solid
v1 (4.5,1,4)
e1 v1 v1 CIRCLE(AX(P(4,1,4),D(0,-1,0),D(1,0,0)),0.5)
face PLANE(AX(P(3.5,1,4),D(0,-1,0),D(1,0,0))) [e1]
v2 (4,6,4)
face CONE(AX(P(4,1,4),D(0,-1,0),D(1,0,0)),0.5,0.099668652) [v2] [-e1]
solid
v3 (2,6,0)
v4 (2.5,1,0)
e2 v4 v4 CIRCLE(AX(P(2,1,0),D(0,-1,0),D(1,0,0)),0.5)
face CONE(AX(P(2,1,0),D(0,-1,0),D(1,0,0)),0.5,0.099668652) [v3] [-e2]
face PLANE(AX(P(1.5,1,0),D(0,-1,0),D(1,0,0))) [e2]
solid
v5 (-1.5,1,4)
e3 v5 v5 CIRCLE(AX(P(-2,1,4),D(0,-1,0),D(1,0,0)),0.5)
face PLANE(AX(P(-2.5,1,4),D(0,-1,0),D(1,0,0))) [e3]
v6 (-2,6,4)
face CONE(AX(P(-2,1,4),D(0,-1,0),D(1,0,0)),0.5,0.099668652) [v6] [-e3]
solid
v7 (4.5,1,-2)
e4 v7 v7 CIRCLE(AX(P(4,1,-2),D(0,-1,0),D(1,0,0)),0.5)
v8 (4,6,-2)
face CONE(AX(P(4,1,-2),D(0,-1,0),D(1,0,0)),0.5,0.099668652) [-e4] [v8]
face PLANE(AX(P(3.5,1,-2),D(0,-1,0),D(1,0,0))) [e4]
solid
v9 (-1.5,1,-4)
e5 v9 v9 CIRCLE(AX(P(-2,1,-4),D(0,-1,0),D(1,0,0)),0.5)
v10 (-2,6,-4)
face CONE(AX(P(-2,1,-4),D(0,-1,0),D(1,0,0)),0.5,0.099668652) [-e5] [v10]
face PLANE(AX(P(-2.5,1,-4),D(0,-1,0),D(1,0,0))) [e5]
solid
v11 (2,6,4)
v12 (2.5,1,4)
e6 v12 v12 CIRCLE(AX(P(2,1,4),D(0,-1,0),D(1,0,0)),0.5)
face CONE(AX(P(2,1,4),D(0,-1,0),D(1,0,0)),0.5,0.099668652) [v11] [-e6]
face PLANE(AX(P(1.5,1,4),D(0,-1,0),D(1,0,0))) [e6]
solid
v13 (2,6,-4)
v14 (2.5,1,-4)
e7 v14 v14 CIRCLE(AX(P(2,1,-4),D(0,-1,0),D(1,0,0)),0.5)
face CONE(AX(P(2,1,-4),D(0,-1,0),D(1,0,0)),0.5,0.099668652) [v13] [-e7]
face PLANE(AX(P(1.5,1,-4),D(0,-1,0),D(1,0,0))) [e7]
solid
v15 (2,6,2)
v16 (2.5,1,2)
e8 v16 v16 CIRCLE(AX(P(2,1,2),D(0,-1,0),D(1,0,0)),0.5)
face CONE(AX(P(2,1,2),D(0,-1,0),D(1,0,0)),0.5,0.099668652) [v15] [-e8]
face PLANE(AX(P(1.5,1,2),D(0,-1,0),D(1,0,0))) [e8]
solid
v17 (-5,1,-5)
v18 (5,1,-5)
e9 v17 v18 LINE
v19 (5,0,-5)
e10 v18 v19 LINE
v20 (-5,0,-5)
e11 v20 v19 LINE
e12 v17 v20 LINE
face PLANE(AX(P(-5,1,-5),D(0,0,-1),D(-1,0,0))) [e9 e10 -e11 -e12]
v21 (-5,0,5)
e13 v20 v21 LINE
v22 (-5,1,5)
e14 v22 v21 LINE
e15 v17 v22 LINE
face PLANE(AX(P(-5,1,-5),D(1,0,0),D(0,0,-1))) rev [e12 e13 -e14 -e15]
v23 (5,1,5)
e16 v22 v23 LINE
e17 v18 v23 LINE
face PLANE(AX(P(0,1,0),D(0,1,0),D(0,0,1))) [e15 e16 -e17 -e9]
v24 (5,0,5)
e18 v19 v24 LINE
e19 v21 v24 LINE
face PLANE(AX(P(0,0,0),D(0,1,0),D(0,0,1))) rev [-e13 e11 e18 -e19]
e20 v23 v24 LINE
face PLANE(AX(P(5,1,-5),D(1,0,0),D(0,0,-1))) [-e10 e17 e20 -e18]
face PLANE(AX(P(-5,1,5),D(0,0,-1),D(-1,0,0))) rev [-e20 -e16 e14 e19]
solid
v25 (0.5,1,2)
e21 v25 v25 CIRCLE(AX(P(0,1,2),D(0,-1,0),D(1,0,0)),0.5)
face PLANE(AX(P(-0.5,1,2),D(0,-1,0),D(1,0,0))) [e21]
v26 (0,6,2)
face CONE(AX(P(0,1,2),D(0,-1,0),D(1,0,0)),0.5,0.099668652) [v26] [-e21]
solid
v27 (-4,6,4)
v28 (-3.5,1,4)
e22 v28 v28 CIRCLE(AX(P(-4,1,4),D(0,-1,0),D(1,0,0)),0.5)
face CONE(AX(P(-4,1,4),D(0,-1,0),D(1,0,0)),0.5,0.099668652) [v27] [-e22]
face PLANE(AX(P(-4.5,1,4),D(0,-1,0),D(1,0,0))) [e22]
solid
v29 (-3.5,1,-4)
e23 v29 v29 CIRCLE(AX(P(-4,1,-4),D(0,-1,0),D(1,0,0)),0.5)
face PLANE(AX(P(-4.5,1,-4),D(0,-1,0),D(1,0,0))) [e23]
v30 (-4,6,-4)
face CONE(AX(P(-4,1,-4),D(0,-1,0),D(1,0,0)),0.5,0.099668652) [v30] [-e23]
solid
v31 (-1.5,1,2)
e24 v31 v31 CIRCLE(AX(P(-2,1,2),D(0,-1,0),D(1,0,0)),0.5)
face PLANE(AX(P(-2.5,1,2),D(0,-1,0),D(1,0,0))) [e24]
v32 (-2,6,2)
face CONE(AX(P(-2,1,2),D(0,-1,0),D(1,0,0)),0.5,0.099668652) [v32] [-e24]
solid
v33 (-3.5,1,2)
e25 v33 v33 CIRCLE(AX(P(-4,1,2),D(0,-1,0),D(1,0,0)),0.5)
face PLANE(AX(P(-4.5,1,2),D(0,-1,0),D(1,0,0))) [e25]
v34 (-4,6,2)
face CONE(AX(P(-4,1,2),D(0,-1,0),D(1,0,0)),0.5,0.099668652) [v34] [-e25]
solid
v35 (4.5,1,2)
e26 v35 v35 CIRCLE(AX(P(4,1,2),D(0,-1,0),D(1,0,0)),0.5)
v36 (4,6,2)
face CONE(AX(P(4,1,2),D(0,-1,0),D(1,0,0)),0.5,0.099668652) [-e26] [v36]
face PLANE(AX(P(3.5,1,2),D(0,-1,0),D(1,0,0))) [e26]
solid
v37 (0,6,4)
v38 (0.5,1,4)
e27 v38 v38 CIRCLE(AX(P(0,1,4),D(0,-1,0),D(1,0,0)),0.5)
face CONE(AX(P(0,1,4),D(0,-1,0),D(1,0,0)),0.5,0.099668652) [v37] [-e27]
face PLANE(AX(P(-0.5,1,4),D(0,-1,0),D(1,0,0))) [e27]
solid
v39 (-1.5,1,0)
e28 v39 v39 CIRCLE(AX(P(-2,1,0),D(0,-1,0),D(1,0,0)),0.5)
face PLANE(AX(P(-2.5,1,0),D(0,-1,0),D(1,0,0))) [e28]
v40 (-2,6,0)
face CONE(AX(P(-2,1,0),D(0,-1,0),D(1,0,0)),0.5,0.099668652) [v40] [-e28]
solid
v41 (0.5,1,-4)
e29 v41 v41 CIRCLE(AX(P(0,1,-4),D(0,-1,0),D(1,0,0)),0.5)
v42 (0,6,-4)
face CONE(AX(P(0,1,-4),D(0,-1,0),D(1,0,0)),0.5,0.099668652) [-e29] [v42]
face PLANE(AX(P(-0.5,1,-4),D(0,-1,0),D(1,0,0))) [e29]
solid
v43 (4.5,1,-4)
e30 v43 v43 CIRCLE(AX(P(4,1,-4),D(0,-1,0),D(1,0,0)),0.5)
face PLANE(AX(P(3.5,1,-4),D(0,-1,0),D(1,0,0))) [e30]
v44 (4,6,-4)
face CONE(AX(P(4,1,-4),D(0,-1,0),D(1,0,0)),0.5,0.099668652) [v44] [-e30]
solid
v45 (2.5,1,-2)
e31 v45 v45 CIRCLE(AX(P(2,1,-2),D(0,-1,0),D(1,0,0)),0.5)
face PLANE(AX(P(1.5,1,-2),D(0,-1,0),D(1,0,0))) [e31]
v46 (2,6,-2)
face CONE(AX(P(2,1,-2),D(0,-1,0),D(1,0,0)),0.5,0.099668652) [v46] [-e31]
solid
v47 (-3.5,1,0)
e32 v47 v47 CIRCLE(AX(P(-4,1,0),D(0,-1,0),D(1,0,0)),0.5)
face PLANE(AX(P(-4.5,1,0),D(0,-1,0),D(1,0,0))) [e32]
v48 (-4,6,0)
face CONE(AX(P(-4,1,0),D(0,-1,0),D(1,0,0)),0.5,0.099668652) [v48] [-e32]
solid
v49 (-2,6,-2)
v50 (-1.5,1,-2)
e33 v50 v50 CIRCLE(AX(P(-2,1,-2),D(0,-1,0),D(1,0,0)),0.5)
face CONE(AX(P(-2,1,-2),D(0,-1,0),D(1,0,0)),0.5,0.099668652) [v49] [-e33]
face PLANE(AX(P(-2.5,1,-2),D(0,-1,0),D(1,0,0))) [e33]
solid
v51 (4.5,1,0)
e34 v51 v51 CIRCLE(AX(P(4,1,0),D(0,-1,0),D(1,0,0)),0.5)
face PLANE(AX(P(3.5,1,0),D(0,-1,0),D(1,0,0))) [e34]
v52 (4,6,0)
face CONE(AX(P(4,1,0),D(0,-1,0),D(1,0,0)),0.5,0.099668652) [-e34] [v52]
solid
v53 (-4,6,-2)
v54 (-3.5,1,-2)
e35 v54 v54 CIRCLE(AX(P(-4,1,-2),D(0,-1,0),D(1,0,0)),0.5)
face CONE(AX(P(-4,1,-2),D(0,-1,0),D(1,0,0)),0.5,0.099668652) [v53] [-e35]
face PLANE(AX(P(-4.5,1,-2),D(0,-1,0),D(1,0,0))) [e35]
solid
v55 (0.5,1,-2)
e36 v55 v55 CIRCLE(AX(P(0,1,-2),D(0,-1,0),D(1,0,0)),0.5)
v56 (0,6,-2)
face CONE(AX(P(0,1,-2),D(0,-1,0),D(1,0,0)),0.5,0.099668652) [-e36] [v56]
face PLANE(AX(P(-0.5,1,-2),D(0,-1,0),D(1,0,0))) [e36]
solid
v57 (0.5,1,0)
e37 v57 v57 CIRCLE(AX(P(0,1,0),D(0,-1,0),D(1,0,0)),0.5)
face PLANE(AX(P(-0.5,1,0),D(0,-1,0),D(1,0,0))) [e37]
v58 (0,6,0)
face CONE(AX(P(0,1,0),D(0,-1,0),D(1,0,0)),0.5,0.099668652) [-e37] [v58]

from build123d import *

# Parameters (mm, degrees)
SKETCH_1_W             = 10
SKETCH_1_H             = 10
EXTRUDE_1_DEPTH        = 1
PATTERN_LINEAR_8_COUNT = 5
PATTERN_LINEAR_8_PITCH = 2
PATTERN_LINEAR_9_COUNT = 5
PATTERN_LINEAR_9_PITCH = 2


with BuildPart() as part:
    # 草圖1 → 填料-伸長1 (new body)
    with BuildSketch(Plane(origin=(0, 0, 0), x_dir=(1, 0, 0), z_dir=(0, 1, 0))):
        Rectangle(SKETCH_1_W, SKETCH_1_H)
    extrude(amount=EXTRUDE_1_DEPTH)


with BuildPart() as body_2:
    # 草圖4 → 旋轉1 (revolve)
    with BuildSketch(Plane(origin=(0, 0, -4), x_dir=(-1, 0, 0), z_dir=(0, 0, -1)), mode=Mode.PRIVATE) as revolve_1_sk:
        Polygon((-4, 1), (-4, 6), (-3.5, 1), align=None)
    revolve(revolve_1_sk.sketch.rotate(Axis((4, 1, -4), (0, 1, 0)), 180), axis=Axis((4, 1, -4), (0, 1, 0)))


with BuildPart() as pattern_linear_8_1:
    # 直線複製排列8: pattern copy
    add(body_2.part.moved(Location(Vector(0, 0, 1) * (1 * PATTERN_LINEAR_8_PITCH))))


with BuildPart() as pattern_linear_8_2:
    # 直線複製排列8: pattern copy
    add(body_2.part.moved(Location(Vector(0, 0, 1) * (2 * PATTERN_LINEAR_8_PITCH))))


with BuildPart() as pattern_linear_8_3:
    # 直線複製排列8: pattern copy
    add(body_2.part.moved(Location(Vector(0, 0, 1) * (3 * PATTERN_LINEAR_8_PITCH))))


with BuildPart() as pattern_linear_8_4:
    # 直線複製排列8: pattern copy
    add(body_2.part.moved(Location(Vector(0, 0, 1) * (4 * PATTERN_LINEAR_8_PITCH))))


with BuildPart() as pattern_linear_9_1:
    # 直線複製排列9: pattern copy
    add(pattern_linear_8_4.part.moved(Location(Vector(-1, 0, 0) * (1 * PATTERN_LINEAR_9_PITCH))))


with BuildPart() as pattern_linear_9_2:
    # 直線複製排列9: pattern copy
    add(pattern_linear_8_4.part.moved(Location(Vector(-1, 0, 0) * (2 * PATTERN_LINEAR_9_PITCH))))


with BuildPart() as pattern_linear_9_3:
    # 直線複製排列9: pattern copy
    add(pattern_linear_8_4.part.moved(Location(Vector(-1, 0, 0) * (3 * PATTERN_LINEAR_9_PITCH))))


with BuildPart() as pattern_linear_9_4:
    # 直線複製排列9: pattern copy
    add(pattern_linear_8_4.part.moved(Location(Vector(-1, 0, 0) * (4 * PATTERN_LINEAR_9_PITCH))))


with BuildPart() as pattern_linear_9_5:
    # 直線複製排列9: pattern copy
    add(pattern_linear_8_3.part.moved(Location(Vector(-1, 0, 0) * (1 * PATTERN_LINEAR_9_PITCH))))


with BuildPart() as pattern_linear_9_6:
    # 直線複製排列9: pattern copy
    add(pattern_linear_8_3.part.moved(Location(Vector(-1, 0, 0) * (2 * PATTERN_LINEAR_9_PITCH))))


with BuildPart() as pattern_linear_9_7:
    # 直線複製排列9: pattern copy
    add(pattern_linear_8_3.part.moved(Location(Vector(-1, 0, 0) * (3 * PATTERN_LINEAR_9_PITCH))))


with BuildPart() as pattern_linear_9_8:
    # 直線複製排列9: pattern copy
    add(pattern_linear_8_3.part.moved(Location(Vector(-1, 0, 0) * (4 * PATTERN_LINEAR_9_PITCH))))


with BuildPart() as pattern_linear_9_9:
    # 直線複製排列9: pattern copy
    add(pattern_linear_8_2.part.moved(Location(Vector(-1, 0, 0) * (1 * PATTERN_LINEAR_9_PITCH))))


with BuildPart() as pattern_linear_9_10:
    # 直線複製排列9: pattern copy
    add(pattern_linear_8_2.part.moved(Location(Vector(-1, 0, 0) * (2 * PATTERN_LINEAR_9_PITCH))))


with BuildPart() as pattern_linear_9_11:
    # 直線複製排列9: pattern copy
    add(pattern_linear_8_2.part.moved(Location(Vector(-1, 0, 0) * (3 * PATTERN_LINEAR_9_PITCH))))


with BuildPart() as pattern_linear_9_12:
    # 直線複製排列9: pattern copy
    add(pattern_linear_8_2.part.moved(Location(Vector(-1, 0, 0) * (4 * PATTERN_LINEAR_9_PITCH))))


with BuildPart() as pattern_linear_9_13:
    # 直線複製排列9: pattern copy
    add(pattern_linear_8_1.part.moved(Location(Vector(-1, 0, 0) * (1 * PATTERN_LINEAR_9_PITCH))))


with BuildPart() as pattern_linear_9_14:
    # 直線複製排列9: pattern copy
    add(pattern_linear_8_1.part.moved(Location(Vector(-1, 0, 0) * (2 * PATTERN_LINEAR_9_PITCH))))


with BuildPart() as pattern_linear_9_15:
    # 直線複製排列9: pattern copy
    add(pattern_linear_8_1.part.moved(Location(Vector(-1, 0, 0) * (3 * PATTERN_LINEAR_9_PITCH))))


with BuildPart() as pattern_linear_9_16:
    # 直線複製排列9: pattern copy
    add(pattern_linear_8_1.part.moved(Location(Vector(-1, 0, 0) * (4 * PATTERN_LINEAR_9_PITCH))))


with BuildPart() as pattern_linear_9_17:
    # 直線複製排列9: pattern copy
    add(body_2.part.moved(Location(Vector(-1, 0, 0) * (1 * PATTERN_LINEAR_9_PITCH))))


with BuildPart() as pattern_linear_9_18:
    # 直線複製排列9: pattern copy
    add(body_2.part.moved(Location(Vector(-1, 0, 0) * (2 * PATTERN_LINEAR_9_PITCH))))


with BuildPart() as pattern_linear_9_19:
    # 直線複製排列9: pattern copy
    add(body_2.part.moved(Location(Vector(-1, 0, 0) * (3 * PATTERN_LINEAR_9_PITCH))))


with BuildPart() as pattern_linear_9_20:
    # 直線複製排列9: pattern copy
    add(body_2.part.moved(Location(Vector(-1, 0, 0) * (4 * PATTERN_LINEAR_9_PITCH))))


solid = Compound([part.part, body_2.part, pattern_linear_8_1.part, pattern_linear_8_2.part, pattern_linear_8_3.part, pattern_linear_8_4.part, pattern_linear_9_1.part, pattern_linear_9_2.part, pattern_linear_9_3.part, pattern_linear_9_4.part, pattern_linear_9_5.part, pattern_linear_9_6.part, pattern_linear_9_7.part, pattern_linear_9_8.part, pattern_linear_9_9.part, pattern_linear_9_10.part, pattern_linear_9_11.part, pattern_linear_9_12.part, pattern_linear_9_13.part, pattern_linear_9_14.part, pattern_linear_9_15.part, pattern_linear_9_16.part, pattern_linear_9_17.part, pattern_linear_9_18.part, pattern_linear_9_19.part, pattern_linear_9_20.part])
